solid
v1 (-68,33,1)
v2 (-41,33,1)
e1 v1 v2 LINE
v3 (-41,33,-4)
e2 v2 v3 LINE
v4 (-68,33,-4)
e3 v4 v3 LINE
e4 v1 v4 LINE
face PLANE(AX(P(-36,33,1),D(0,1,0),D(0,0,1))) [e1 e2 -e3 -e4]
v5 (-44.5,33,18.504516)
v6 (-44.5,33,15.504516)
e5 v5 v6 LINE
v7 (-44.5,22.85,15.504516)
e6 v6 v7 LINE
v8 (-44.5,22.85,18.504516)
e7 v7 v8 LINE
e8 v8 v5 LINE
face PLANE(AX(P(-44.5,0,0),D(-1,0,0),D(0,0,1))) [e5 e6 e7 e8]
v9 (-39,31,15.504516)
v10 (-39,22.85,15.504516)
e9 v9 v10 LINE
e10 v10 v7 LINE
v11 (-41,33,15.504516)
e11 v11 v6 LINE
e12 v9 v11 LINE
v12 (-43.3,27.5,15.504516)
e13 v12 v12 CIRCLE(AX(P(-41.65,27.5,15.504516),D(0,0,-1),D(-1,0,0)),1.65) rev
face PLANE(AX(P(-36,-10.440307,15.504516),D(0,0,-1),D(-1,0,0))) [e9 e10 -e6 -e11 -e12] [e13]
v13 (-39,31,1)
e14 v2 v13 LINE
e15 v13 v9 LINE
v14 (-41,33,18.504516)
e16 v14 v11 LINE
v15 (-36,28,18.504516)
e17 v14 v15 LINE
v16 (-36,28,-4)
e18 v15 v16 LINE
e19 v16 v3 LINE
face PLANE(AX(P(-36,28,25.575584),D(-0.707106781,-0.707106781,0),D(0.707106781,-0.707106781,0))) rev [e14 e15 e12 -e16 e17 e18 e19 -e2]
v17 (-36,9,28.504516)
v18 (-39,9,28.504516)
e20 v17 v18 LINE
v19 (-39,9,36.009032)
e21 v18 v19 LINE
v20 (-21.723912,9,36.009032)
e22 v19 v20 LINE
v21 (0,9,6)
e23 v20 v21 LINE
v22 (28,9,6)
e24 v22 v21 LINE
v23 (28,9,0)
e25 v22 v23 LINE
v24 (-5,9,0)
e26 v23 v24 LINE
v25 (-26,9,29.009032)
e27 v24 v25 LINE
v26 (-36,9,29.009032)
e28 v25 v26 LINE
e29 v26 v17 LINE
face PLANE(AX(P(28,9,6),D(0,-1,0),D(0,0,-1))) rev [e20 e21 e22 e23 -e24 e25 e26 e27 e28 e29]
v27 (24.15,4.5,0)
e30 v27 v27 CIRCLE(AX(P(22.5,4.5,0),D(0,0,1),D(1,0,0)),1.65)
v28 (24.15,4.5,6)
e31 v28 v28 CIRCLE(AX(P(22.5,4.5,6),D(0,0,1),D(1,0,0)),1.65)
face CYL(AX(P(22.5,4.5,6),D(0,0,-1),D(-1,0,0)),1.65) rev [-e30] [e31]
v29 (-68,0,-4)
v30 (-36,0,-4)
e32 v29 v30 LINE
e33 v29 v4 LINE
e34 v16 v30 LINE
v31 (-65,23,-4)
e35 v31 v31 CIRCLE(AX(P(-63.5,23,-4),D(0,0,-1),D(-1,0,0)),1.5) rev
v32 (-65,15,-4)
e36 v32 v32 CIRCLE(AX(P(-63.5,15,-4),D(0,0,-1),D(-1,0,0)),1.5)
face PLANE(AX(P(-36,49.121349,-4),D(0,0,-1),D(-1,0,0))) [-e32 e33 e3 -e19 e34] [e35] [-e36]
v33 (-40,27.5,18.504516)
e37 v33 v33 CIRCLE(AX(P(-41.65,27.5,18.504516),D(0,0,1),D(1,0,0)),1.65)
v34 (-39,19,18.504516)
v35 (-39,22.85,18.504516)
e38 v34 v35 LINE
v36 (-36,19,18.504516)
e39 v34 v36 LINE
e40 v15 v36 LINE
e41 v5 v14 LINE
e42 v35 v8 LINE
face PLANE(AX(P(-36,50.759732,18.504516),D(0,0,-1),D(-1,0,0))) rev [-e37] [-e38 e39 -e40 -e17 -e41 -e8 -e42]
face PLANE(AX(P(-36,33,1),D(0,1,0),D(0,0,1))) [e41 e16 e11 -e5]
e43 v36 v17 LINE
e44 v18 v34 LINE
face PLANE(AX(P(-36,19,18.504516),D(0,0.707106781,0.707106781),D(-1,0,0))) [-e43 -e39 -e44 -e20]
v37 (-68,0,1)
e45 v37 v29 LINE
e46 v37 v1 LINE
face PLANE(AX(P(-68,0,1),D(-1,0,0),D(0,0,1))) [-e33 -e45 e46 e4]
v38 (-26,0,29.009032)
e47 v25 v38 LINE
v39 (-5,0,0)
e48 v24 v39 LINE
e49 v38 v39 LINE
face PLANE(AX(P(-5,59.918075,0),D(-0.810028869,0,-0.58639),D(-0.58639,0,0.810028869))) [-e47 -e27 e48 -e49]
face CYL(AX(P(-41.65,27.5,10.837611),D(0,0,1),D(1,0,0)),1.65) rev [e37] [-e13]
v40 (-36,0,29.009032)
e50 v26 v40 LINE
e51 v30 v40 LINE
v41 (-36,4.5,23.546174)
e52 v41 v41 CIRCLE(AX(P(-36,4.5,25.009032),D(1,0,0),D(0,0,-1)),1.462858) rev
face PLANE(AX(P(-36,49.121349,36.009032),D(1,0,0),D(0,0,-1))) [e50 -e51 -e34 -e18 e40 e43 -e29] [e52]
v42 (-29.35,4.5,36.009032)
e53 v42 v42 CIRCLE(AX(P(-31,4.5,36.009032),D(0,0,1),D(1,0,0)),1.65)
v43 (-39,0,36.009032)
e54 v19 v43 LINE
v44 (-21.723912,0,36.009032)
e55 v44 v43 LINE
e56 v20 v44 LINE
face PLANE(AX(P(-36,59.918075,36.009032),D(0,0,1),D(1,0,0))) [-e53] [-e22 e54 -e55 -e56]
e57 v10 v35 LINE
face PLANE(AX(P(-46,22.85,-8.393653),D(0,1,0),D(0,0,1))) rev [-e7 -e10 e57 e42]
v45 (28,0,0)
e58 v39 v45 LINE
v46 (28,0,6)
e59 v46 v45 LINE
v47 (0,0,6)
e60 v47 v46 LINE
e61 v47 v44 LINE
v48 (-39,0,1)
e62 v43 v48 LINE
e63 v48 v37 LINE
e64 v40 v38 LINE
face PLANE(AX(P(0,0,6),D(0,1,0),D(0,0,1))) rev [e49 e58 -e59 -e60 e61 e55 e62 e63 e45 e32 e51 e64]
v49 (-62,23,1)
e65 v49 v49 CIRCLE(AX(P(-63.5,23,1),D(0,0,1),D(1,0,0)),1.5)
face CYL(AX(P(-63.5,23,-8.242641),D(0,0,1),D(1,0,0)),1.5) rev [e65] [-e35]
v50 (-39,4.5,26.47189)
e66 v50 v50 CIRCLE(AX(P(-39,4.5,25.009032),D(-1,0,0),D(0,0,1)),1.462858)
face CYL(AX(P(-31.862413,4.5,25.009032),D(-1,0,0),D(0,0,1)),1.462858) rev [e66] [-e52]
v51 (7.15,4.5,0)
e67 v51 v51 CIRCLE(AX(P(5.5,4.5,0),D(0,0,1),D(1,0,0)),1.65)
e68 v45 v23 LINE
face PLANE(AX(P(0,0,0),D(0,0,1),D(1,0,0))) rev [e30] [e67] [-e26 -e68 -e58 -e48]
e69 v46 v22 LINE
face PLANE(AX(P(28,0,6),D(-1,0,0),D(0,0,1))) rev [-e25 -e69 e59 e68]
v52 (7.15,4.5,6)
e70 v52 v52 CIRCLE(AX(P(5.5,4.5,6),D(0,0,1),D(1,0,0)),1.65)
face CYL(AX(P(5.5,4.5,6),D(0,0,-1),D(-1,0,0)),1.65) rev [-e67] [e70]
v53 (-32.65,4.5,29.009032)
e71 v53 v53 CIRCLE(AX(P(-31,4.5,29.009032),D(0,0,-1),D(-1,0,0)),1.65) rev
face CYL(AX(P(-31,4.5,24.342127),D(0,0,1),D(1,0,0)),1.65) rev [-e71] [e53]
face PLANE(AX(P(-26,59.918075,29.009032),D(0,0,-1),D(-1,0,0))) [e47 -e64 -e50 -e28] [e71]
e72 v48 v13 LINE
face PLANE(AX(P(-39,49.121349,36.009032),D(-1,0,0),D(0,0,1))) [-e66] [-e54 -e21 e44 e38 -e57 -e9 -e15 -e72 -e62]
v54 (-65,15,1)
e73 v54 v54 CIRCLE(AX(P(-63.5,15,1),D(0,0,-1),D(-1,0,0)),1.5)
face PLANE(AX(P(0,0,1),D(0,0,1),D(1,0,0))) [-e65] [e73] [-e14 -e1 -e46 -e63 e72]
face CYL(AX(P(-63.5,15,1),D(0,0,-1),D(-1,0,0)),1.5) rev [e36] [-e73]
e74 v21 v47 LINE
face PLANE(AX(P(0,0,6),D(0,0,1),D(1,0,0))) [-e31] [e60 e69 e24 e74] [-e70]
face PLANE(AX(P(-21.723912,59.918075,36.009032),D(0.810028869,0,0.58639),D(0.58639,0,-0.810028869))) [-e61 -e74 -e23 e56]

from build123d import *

# Parameters (mm, degrees)
SZKIC1_W                    = 28
SZKIC1_H                    = 9
SZKIC1_R                    = 1.65
DODANIE_WYCI_GNI_CIE1_DEPTH = 6
DODANIE_WYCI_GNI_CIE2_DEPTH = 9
SZKIC3_W                    = 3
SZKIC3_H                    = 40.009031977
DODANIE_WYCI_GNI_CIE3_DEPTH = 9
SZKIC10_R                   = 1.65
WYTNIJ_WYCI_GNI_CIE4_DEPTH  = 7
SZKIC11_W                   = 32
SZKIC11_H                   = 33
SZKIC11_R                   = 1.5
DODANIE_WYCI_GNI_CIE4_DEPTH = 5
SZKIC12_W                   = 3
SZKIC12_H                   = 17.504515989
DODANIE_WYCI_GNI_CIE5_DEPTH = 24
SZKIC13_W                   = 10
SZKIC13_H                   = 3
DODANIE_WYCI_GNI_CIE6_DEPTH = 33
SZKIC14_R                   = 1.65
WYTNIJ_WYCI_GNI_CIE5_DEPTH  = 3
SZKIC15_W                   = 7
SZKIC15_H                   = 22.85
WYTNIJ_WYCI_GNI_CIE6_DEPTH  = 3
SFAZOWANIE1_SIZE            = 10
SZKIC16_R                   = 1.5
WYTNIJ_WYCI_GNI_CIE7_DEPTH  = 5
SZKIC17_R                   = 1.46285789
WYTNIJ_WYCI_GNI_CIE8_DEPTH  = 3
SZKIC18_W                   = 3
SZKIC18_H                   = 10.15
WYTNIJ_WYCI_GNI_CIE9_DEPTH  = 1.5
WYTNIJ_WYCI_GNI_CIE10_REACH = 87.52


with BuildPart() as part:
    # Szkic1 → Dodanie-wyciągnięcie1 (new body)
    with BuildSketch(Plane.XY):
        with Locations((14, 4.5)):
            Rectangle(SZKIC1_W, SZKIC1_H)
        with Locations((5.5, 4.5)):
            Circle(SZKIC1_R, mode=Mode.SUBTRACT)
        with Locations((22.5, 4.5)):
            Circle(SZKIC1_R, mode=Mode.SUBTRACT)
    extrude(amount=DODANIE_WYCI_GNI_CIE1_DEPTH)

    # Szkic2 → Dodanie-wyciągnięcie2 (add)
    with BuildSketch(Plane.XZ):
        Polygon((0, 0), (-5, 0), (-26, 29.009031977), (-36, 29.009031977), (-36, 36.009031977), (-21.72391247, 36.009031977), (0, 6), align=None)
    extrude(amount=-DODANIE_WYCI_GNI_CIE2_DEPTH)

    # Szkic3 → Dodanie-wyciągnięcie3 (add)
    with BuildSketch(Plane.XZ):
        with Locations((-37.5, 16.004515988)):
            Rectangle(SZKIC3_W, SZKIC3_H)
    extrude(amount=-DODANIE_WYCI_GNI_CIE3_DEPTH)

    # Szkic10 → Wytnij-wyciągnięcie4 (cut)
    with BuildSketch(Plane.XY.offset(36.009031977)):
        with Locations((-31, 4.5)):
            Circle(SZKIC10_R)
    extrude(amount=-WYTNIJ_WYCI_GNI_CIE4_DEPTH, mode=Mode.SUBTRACT)

    # Szkic11 → Dodanie-wyciągnięcie4 (add)
    with BuildSketch(Plane(origin=(0, 0, -4), x_dir=(-1, 0, 0), z_dir=(0, 0, -1))):
        with Locations((52, 16.5)):
            Rectangle(SZKIC11_W, SZKIC11_H)
        with Locations((63.5, 15)):
            Circle(SZKIC11_R, mode=Mode.SUBTRACT)
    extrude(amount=-DODANIE_WYCI_GNI_CIE4_DEPTH)

    # Szkic12 → Dodanie-wyciągnięcie5 (add)
    with BuildSketch(Plane(origin=(0, 9, 0), x_dir=(1, 0, 0), z_dir=(0, 1, 0))):
        with Locations((-37.5, -9.752257995)):
            Rectangle(SZKIC12_W, SZKIC12_H)
    extrude(amount=DODANIE_WYCI_GNI_CIE5_DEPTH)

    # Szkic13 → Dodanie-wyciągnięcie6 (add)
    with BuildSketch(Plane(origin=(0, 33, 0), x_dir=(1, 0, 0), z_dir=(0, 1, 0))):
        with Locations((-41, -17.004515989)):
            Rectangle(SZKIC13_W, SZKIC13_H)
    extrude(amount=-DODANIE_WYCI_GNI_CIE6_DEPTH)

    # Szkic14 → Wytnij-wyciągnięcie5 (cut)
    with BuildSketch(Plane.XY.offset(18.504515989)):
        with Locations((-41.65, 27.5)):
            Circle(SZKIC14_R)
    extrude(amount=-WYTNIJ_WYCI_GNI_CIE5_DEPTH, mode=Mode.SUBTRACT)

    # Szkic15 → Wytnij-wyciągnięcie6 (cut)
    with BuildSketch(Plane.XY.offset(18.504515989)):
        with Locations((-42.5, 11.425)):
            Rectangle(SZKIC15_W, SZKIC15_H)
    extrude(amount=-WYTNIJ_WYCI_GNI_CIE6_DEPTH, mode=Mode.SUBTRACT)

    # Sfazowanie1
    sfazowanie1_edges = [part.edges().sort_by_distance(p)[0] for p in [
        (-37.5, 9, 18.504515989),
    ]]
    chamfer(sfazowanie1_edges, length=SFAZOWANIE1_SIZE)

    # Szkic16 → Wytnij-wyciągnięcie7 (cut)
    with BuildSketch(Plane.XY.offset(1)):
        with Locations((-63.5, 23)):
            Circle(SZKIC16_R)
    extrude(amount=-WYTNIJ_WYCI_GNI_CIE7_DEPTH, mode=Mode.SUBTRACT)

    # Szkic17 → Wytnij-wyciągnięcie8 (cut)
    with BuildSketch(Plane.ZY.offset(39)):
        with Locations((25.009031977, 4.5)):
            Circle(SZKIC17_R)
    extrude(amount=-WYTNIJ_WYCI_GNI_CIE8_DEPTH, mode=Mode.SUBTRACT)

    # Szkic18 → Wytnij-wyciągnięcie9 (cut)
    with BuildSketch(Plane.ZY.offset(46)):
        with Locations((17.004515989, 27.925)):
            Rectangle(SZKIC18_W, SZKIC18_H)
    extrude(amount=-WYTNIJ_WYCI_GNI_CIE9_DEPTH, mode=Mode.SUBTRACT)

    # Wytnij-wyciągnięcie10: up to this face of the body (flat: up to its plane)
    wytnij_wyci_gni_cie10_end = Plane(part.part.faces().sort_by_distance((-39.760074004, 27.060059494, 18.504515989))[0])
    # Szkic19 → Wytnij-wyciągnięcie10 (cut, up to the picked face)
    with BuildSketch(Plane(origin=(0, 0, -4), x_dir=(-1, 0, 0), z_dir=(0, 0, -1)), mode=Mode.PRIVATE) as wytnij_wyci_gni_cie10_sk1:
        Polygon((36, 28), (41, 33), (36, 33), align=None)
    wytnij_wyci_gni_cie10_tool1 = split(extrude(wytnij_wyci_gni_cie10_sk1.sketch, amount=-WYTNIJ_WYCI_GNI_CIE10_REACH, mode=Mode.PRIVATE), bisect_by=wytnij_wyci_gni_cie10_end, keep=Keep.BOTH, mode=Mode.PRIVATE)
    add(wytnij_wyci_gni_cie10_tool1.solids().sort_by(Axis((-37.666667, 31.333333, -4), (0, 0, 1)))[0], mode=Mode.SUBTRACT)


solid = part.part
